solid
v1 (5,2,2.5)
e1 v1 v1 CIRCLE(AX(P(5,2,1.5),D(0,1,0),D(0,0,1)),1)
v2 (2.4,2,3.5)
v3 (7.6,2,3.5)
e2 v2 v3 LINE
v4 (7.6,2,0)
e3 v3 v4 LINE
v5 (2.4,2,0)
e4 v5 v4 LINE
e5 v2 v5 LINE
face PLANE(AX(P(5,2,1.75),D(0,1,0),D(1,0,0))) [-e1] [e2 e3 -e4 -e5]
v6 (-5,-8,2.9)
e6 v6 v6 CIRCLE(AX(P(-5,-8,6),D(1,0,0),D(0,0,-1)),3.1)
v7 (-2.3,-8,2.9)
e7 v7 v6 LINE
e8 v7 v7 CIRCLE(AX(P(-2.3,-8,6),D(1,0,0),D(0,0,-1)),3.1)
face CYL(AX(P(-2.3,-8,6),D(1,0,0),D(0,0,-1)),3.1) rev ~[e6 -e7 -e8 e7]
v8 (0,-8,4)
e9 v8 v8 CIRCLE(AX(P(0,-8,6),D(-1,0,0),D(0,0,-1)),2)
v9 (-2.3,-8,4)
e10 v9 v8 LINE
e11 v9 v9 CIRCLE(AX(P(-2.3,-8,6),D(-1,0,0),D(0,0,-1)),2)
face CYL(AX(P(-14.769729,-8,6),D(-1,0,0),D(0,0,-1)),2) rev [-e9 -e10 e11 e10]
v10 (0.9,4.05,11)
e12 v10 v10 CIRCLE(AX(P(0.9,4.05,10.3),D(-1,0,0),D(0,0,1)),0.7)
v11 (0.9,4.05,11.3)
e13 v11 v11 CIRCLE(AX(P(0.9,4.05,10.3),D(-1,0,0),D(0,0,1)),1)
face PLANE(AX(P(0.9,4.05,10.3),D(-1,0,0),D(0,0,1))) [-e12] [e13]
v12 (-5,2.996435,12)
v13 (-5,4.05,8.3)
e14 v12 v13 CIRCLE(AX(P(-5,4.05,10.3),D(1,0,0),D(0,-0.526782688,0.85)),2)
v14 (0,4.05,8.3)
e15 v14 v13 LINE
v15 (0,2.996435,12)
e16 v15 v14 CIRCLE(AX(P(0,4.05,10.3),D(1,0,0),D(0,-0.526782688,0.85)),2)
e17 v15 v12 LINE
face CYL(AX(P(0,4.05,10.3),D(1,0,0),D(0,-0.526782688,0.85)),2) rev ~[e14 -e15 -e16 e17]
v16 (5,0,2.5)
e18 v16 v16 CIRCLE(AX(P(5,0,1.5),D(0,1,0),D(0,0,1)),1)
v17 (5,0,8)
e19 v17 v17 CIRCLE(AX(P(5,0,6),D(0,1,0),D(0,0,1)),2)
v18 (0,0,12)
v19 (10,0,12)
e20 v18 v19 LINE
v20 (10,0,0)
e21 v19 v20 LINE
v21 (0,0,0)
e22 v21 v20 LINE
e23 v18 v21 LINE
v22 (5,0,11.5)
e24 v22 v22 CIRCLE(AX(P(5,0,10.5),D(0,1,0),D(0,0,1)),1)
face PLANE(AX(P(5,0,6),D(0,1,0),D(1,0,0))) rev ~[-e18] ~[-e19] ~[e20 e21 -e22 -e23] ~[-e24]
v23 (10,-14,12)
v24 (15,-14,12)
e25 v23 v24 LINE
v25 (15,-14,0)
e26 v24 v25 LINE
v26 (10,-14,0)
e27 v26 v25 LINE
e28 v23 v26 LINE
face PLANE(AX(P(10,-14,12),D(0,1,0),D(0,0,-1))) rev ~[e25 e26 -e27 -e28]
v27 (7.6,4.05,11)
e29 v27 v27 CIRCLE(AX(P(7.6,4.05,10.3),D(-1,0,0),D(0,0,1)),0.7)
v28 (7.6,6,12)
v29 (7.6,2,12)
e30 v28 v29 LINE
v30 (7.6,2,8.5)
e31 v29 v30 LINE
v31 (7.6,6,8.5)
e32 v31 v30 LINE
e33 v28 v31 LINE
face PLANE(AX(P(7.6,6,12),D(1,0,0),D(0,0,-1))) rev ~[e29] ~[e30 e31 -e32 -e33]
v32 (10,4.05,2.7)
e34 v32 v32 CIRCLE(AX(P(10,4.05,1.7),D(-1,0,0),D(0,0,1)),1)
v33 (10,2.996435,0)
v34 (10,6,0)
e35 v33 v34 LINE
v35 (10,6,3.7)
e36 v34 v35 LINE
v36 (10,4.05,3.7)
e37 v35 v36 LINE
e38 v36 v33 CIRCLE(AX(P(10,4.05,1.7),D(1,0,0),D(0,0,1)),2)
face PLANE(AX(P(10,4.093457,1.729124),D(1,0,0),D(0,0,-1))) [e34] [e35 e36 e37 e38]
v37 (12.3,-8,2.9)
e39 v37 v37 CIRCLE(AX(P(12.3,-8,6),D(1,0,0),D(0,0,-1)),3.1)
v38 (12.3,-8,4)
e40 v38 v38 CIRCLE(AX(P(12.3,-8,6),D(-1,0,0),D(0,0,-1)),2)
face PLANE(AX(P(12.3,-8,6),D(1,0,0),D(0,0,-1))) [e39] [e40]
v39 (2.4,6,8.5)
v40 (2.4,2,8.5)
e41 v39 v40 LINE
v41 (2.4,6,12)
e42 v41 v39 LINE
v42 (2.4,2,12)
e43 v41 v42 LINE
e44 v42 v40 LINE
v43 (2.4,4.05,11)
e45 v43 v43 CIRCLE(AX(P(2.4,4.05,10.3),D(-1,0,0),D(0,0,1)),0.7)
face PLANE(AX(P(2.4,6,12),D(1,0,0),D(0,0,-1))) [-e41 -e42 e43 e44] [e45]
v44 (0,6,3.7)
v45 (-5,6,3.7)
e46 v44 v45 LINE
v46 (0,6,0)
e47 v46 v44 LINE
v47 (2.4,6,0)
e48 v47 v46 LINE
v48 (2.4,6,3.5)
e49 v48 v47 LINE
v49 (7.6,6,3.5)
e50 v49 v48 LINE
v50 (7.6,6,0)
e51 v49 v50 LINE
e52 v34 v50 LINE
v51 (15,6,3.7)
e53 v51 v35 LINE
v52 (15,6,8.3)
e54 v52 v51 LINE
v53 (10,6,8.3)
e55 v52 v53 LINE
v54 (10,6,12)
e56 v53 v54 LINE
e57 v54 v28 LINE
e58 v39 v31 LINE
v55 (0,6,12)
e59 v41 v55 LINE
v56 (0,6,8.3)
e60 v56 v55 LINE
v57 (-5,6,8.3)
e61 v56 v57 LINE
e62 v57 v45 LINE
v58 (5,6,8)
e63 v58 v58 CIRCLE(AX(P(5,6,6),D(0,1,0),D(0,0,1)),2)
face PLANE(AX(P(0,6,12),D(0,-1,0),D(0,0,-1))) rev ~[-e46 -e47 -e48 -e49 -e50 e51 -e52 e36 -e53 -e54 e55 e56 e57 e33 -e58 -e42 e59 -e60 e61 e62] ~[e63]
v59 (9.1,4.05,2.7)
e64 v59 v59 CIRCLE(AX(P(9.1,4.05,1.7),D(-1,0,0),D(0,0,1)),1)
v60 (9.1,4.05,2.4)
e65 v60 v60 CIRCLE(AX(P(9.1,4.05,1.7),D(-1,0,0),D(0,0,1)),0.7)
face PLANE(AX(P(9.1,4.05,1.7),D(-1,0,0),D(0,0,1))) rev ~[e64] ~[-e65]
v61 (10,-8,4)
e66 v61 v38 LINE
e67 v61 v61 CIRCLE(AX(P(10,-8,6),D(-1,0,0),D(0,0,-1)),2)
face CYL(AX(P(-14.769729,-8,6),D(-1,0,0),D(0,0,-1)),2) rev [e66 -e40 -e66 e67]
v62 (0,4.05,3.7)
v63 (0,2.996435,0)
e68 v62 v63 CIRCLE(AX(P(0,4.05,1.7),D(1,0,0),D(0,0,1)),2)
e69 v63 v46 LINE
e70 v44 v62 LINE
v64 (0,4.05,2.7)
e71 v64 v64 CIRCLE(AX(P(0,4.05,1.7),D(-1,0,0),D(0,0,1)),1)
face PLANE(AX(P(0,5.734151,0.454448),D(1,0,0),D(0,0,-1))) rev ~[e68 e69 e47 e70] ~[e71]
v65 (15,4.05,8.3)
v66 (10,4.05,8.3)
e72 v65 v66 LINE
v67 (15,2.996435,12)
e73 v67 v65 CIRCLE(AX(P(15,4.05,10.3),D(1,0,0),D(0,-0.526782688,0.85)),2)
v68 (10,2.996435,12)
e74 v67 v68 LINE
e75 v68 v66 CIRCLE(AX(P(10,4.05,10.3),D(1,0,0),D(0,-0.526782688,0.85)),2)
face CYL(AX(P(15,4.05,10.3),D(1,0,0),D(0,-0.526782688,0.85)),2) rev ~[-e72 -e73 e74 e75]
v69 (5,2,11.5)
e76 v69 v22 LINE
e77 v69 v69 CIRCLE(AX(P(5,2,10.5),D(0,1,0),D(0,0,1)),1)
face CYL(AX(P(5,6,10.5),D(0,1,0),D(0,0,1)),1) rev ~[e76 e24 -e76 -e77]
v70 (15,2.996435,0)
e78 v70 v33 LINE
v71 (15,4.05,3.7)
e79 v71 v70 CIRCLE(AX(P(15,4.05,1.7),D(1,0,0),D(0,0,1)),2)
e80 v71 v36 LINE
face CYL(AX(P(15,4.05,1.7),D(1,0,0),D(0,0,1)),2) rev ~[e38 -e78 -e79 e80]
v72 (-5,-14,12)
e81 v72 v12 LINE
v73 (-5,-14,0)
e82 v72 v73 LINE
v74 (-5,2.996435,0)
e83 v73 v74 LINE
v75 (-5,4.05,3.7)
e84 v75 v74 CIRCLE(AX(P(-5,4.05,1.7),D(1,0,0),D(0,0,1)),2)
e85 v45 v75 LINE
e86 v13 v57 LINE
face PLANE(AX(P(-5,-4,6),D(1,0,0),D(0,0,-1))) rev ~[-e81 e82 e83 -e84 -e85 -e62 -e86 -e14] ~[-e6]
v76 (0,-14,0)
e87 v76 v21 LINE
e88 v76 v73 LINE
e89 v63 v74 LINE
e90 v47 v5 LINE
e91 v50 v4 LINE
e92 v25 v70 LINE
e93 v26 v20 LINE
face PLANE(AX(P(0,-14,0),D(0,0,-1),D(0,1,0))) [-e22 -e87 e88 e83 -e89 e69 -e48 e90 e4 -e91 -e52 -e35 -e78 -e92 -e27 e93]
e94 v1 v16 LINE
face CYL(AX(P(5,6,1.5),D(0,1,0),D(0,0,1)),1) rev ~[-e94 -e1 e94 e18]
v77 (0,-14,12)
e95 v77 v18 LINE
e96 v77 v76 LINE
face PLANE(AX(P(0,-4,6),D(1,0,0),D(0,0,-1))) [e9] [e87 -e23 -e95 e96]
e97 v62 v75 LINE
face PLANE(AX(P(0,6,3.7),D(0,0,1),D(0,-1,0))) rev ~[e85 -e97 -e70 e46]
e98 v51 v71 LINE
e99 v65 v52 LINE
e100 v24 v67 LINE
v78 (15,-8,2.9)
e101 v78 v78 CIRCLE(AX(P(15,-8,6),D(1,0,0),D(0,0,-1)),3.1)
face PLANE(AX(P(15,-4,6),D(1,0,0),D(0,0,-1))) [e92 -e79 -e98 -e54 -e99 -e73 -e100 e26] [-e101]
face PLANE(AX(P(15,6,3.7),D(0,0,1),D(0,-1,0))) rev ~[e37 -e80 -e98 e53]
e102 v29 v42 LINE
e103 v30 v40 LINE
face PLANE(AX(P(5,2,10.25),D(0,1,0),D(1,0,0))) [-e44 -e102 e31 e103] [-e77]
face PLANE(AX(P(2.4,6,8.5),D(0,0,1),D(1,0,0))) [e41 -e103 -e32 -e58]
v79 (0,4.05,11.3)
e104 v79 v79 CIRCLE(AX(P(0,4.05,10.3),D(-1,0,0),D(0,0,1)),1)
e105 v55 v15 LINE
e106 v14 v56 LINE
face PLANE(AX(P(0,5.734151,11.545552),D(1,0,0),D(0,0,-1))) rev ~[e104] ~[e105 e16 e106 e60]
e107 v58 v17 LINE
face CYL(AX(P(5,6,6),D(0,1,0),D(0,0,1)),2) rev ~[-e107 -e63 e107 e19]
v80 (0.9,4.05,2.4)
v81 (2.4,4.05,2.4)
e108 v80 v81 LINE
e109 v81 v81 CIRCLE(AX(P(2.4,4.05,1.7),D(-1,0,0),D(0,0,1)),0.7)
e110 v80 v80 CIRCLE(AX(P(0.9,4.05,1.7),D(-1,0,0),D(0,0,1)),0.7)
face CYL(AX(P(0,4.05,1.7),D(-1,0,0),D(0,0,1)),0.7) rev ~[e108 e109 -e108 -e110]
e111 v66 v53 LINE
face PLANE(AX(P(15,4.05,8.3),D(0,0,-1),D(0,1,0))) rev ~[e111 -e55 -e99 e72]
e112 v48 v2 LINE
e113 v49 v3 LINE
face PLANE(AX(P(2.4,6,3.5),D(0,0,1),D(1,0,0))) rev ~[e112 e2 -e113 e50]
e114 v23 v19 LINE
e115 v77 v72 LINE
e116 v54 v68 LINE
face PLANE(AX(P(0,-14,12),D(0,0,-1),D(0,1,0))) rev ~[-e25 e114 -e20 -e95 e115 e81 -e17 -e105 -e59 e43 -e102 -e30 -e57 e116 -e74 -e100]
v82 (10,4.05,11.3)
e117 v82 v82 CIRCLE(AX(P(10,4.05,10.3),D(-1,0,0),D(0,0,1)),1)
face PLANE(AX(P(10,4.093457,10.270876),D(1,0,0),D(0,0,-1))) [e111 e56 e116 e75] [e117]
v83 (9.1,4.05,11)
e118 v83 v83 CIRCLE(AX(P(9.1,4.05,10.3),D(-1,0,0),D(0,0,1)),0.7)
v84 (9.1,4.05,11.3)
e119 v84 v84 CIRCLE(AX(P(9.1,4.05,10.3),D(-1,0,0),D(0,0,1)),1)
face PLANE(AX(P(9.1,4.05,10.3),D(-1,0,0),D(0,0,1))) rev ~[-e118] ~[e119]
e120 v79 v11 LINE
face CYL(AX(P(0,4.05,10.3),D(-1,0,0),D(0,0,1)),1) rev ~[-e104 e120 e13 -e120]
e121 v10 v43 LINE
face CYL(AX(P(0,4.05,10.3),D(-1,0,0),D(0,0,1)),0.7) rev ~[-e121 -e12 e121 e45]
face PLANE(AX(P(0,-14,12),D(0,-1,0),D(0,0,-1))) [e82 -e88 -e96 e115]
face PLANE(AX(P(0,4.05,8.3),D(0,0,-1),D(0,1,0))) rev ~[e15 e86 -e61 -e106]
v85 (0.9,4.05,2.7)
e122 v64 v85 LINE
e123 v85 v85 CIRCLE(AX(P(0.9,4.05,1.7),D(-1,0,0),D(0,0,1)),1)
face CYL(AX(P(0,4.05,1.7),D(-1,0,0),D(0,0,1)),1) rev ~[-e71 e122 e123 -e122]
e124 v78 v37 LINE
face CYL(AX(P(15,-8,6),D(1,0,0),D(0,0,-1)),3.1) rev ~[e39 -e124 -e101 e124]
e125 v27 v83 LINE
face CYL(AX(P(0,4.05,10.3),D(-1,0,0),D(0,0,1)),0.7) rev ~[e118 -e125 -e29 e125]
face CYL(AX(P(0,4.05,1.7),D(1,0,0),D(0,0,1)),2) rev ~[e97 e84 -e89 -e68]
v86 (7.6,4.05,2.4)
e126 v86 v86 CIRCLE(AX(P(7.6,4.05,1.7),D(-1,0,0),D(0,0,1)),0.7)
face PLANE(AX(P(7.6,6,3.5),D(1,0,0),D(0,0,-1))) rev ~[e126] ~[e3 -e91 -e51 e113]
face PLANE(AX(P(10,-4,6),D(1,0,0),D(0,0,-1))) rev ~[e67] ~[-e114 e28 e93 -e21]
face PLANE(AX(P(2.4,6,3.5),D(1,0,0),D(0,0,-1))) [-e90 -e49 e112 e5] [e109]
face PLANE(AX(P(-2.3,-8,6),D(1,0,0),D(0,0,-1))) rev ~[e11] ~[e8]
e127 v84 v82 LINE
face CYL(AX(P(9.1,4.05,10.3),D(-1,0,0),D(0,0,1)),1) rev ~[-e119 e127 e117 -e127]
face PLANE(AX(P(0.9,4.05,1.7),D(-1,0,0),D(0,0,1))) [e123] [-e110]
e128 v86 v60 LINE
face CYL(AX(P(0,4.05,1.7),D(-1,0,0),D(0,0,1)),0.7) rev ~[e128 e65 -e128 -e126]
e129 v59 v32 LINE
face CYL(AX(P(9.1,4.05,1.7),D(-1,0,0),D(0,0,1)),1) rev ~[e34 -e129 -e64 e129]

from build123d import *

# Parameters (mm, degrees)
SKETCH_1_W                = 10
SKETCH_1_H                = 12
EXTRUDE_1_DEPTH           = 6
SKETCH_2_R                = 1
CUT_EXTRUDE_1_DEPTH       = 17.733200531
SKETCH_2_3_R              = 2
CUT_EXTRUDE_2_DEPTH       = 4
SKETCH_3_R                = 2
CUT_EXTRUDE_3_DEPTH       = 17.733200531
SKETCH_4_W                = 5.2
SKETCH_4_H                = 3.5
CUT_EXTRUDE_4_DEPTH       = 4
SKETCH_6_R                = 0.7
CUT_EXTRUDE_5_DEPTH       = 17.733200531
SKETCH_6_3_R              = 1
CUT_EXTRUDE_6_DEPTH       = 0.9
CUT_EXTRUDE_START         = -9.1
SKETCH_6_4_R              = 1
CUT_EXTRUDE_7_DEPTH       = 0.9
SKETCH_7_W                = 12
SKETCH_7_H                = 20
EXTRUDE_2_DEPTH           = 5
CUT_EXTRUDE_START_2       = 5
CUT_EXTRUDE_8_DEPTH       = 5
EXTRUDE_START             = -10
SKETCH_7_4_W              = 12
SKETCH_7_4_H              = 20
EXTRUDE_3_DEPTH           = 5
CUT_EXTRUDE_START_3       = -10
SKETCH_7_5_R              = 1
CUT_EXTRUDE_9_DEPTH       = 5
CUT_EXTRUDE_10_DEPTH      = 24.769728648
CUT_EXTRUDE_10_DEPTH_BACK = 24.769728648
SKETCH_7_6_R              = 2
SKETCH_7_7_R              = 3.1
CUT_EXTRUDE_11_DEPTH      = 2.7
CUT_EXTRUDE_START_4       = -12.3
SKETCH_7_8_R              = 3.1
CUT_EXTRUDE_12_DEPTH      = 2.7


with BuildPart() as part:
    # 草图1 → 凸台-拉伸1 (new body)
    with BuildSketch(Plane(origin=(0, 0, 0), x_dir=(1, 0, 0), z_dir=(0, 1, 0))):
        with Locations((5, -6)):
            Rectangle(SKETCH_1_W, SKETCH_1_H)
    extrude(amount=EXTRUDE_1_DEPTH)

    # 草图2 → 切除-拉伸1 (cut, through all)
    with BuildSketch(Plane(origin=(0, 6, 0), x_dir=(1, 0, 0), z_dir=(0, 1, 0))):
        with Locations(Location((5, -1.5, 0), (0, 0, 270))):
            Circle(SKETCH_2_R)
        with Locations(Location((5, -10.5, 0), (0, 0, 270))):
            Circle(SKETCH_2_R)
    extrude(amount=-CUT_EXTRUDE_1_DEPTH, mode=Mode.SUBTRACT)

    # 草图2<3> → 切除-拉伸2 (cut)
    with BuildSketch(Plane(origin=(0, 6, 0), x_dir=(1, 0, 0), z_dir=(0, 1, 0))):
        with Locations((5, -1.5)):
            Circle(SKETCH_2_3_R)
        with Locations((5, -10.5)):
            Circle(SKETCH_2_3_R)
    extrude(amount=-CUT_EXTRUDE_2_DEPTH, mode=Mode.SUBTRACT)

    # 草图3 → 切除-拉伸3 (cut, through all)
    with BuildSketch(Plane(origin=(0, 6, 0), x_dir=(1, 0, 0), z_dir=(0, 1, 0))):
        with Locations(Location((5, -6, 0), (0, 0, 270))):
            Circle(SKETCH_3_R)
    extrude(amount=-CUT_EXTRUDE_3_DEPTH, mode=Mode.SUBTRACT)

    # 草图4 → 切除-拉伸4 (cut)
    with BuildSketch(Plane(origin=(0, 6, 0), x_dir=(1, 0, 0), z_dir=(0, 1, 0))):
        with Locations((5, -1.75)):
            Rectangle(SKETCH_4_W, SKETCH_4_H)
        with Locations((5, -10.25)):
            Rectangle(SKETCH_4_W, SKETCH_4_H)
    extrude(amount=-CUT_EXTRUDE_4_DEPTH, mode=Mode.SUBTRACT)

    # 草图6 → 切除-拉伸5 (cut, through all)
    with BuildSketch(Plane.ZY):
        with Locations((1.7, 4.05)):
            Circle(SKETCH_6_R)
        with Locations((10.3, 4.05)):
            Circle(SKETCH_6_R)
    extrude(amount=-CUT_EXTRUDE_5_DEPTH, mode=Mode.SUBTRACT)

    # 草图6<3> → 切除-拉伸6 (cut)
    with BuildSketch(Plane.ZY):
        with Locations((1.7, 4.05)):
            Circle(SKETCH_6_3_R)
        with Locations((10.3, 4.05)):
            Circle(SKETCH_6_3_R)
    extrude(amount=-CUT_EXTRUDE_6_DEPTH, mode=Mode.SUBTRACT)

    # 草图6<4> → 切除-拉伸7 (cut)
    with BuildSketch(Plane.ZY.offset(CUT_EXTRUDE_START)):
        with Locations((1.7, 4.05)):
            Circle(SKETCH_6_4_R)
        with Locations((10.3, 4.05)):
            Circle(SKETCH_6_4_R)
    extrude(amount=-CUT_EXTRUDE_7_DEPTH, mode=Mode.SUBTRACT)

    # 草图7 → 凸台-拉伸2 (add)
    with BuildSketch(Plane(origin=(10, 0, 0), x_dir=(0, 0, -1), z_dir=(1, 0, 0))):
        with Locations((-6, -4)):
            Rectangle(SKETCH_7_W, SKETCH_7_H)
    extrude(amount=EXTRUDE_2_DEPTH)

    # 草图7<3> → 切除-拉伸8 (cut)
    with BuildSketch(Plane(origin=(10, 0, 0), x_dir=(0, 0, -1), z_dir=(1, 0, 0)).offset(CUT_EXTRUDE_START_2)):
        with BuildLine():
            ThreePointArc((-8.3, 4.05), (-8.736539185, 5.297233049), (-9.855590279, 6))
            Line((-9.855590279, 6), (-10.744409721, 6))
            ThreePointArc((-10.744409721, 6), (-11.462119625, 5.677721714), (-12, 5.103565375))
            Line((-12, 5.103565375), (-12, 2.996434625))
            ThreePointArc((-12, 2.996434625), (-9.752277442, 2.126461594), (-8.3, 4.05))
        make_face()
        with BuildLine():
            ThreePointArc((-12, 5.103565375), (-11.462119625, 5.677721714), (-10.744409721, 6))
            Line((-10.744409721, 6), (-12, 6))
            Line((-12, 6), (-12, 5.103565375))
        make_face()
        with BuildLine():
            Line((-1.255590279, 6), (-2.144409721, 6))
            ThreePointArc((-2.144409721, 6), (-3.263460815, 5.297233049), (-3.7, 4.05))
            ThreePointArc((-3.7, 4.05), (-2.247722558, 2.126461594), (0, 2.996434625))
            Line((0, 2.996434625), (0, 5.103565375))
            ThreePointArc((0, 5.103565375), (-0.537880375, 5.677721714), (-1.255590279, 6))
        make_face()
        with BuildLine():
            Line((0, 6), (-1.255590279, 6))
            ThreePointArc((-1.255590279, 6), (-0.537880375, 5.677721714), (0, 5.103565375))
            Line((0, 5.103565375), (0, 6))
        make_face()
        with BuildLine():
            Line((-8.3, 4.05), (-8.3, 6))
            Line((-8.3, 6), (-9.855590279, 6))
            ThreePointArc((-9.855590279, 6), (-8.736539185, 5.297233049), (-8.3, 4.05))
        make_face()
        with BuildLine():
            Line((-2.144409721, 6), (-3.7, 6))
            Line((-3.7, 6), (-3.7, 4.05))
            ThreePointArc((-3.7, 4.05), (-3.263460815, 5.297233049), (-2.144409721, 6))
        make_face()
    extrude(amount=-CUT_EXTRUDE_8_DEPTH, mode=Mode.SUBTRACT)

    # 草图7<4> → 凸台-拉伸3 (add)
    with BuildSketch(Plane(origin=(10, 0, 0), x_dir=(0, 0, -1), z_dir=(1, 0, 0)).offset(EXTRUDE_START)):
        with Locations((-6, -4)):
            Rectangle(SKETCH_7_4_W, SKETCH_7_4_H)
    extrude(amount=-EXTRUDE_3_DEPTH)

    # 草图7<5> → 切除-拉伸9 (cut)
    # profile 1 of 8: a face of its own
    with BuildSketch(Plane(origin=(10, 0, 0), x_dir=(0, 0, -1), z_dir=(1, 0, 0)).offset(CUT_EXTRUDE_START_3)):
        with BuildLine():
            ThreePointArc((-8.3, 4.05), (-8.736539185, 5.297233049), (-9.855590279, 6))
            Line((-9.855590279, 6), (-10.744409721, 6))
            ThreePointArc((-10.744409721, 6), (-11.462119625, 5.677721714), (-12, 5.103565375))
            Line((-12, 5.103565375), (-12, 2.996434625))
            ThreePointArc((-12, 2.996434625), (-9.752277442, 2.126461594), (-8.3, 4.05))
        make_face()
        with Locations(Location((-10.3, 4.05, 0), (0, 0, 180))):
            Circle(SKETCH_7_5_R, mode=Mode.SUBTRACT)
    # profile 2 of 8: a face of its own
    with BuildSketch(Plane(origin=(10, 0, 0), x_dir=(0, 0, -1), z_dir=(1, 0, 0)).offset(CUT_EXTRUDE_START_3)):
        with BuildLine():
            Line((-8.3, 4.05), (-8.3, 6))
            Line((-8.3, 6), (-9.855590279, 6))
            ThreePointArc((-9.855590279, 6), (-8.736539185, 5.297233049), (-8.3, 4.05))
        make_face()
    # profile 3 of 8: a face of its own
    with BuildSketch(Plane(origin=(10, 0, 0), x_dir=(0, 0, -1), z_dir=(1, 0, 0)).offset(CUT_EXTRUDE_START_3)):
        with BuildLine():
            ThreePointArc((-12, 5.103565375), (-11.462119625, 5.677721714), (-10.744409721, 6))
            Line((-10.744409721, 6), (-12, 6))
            Line((-12, 6), (-12, 5.103565375))
        make_face()
    # profile 4 of 8: a face of its own
    with BuildSketch(Plane(origin=(10, 0, 0), x_dir=(0, 0, -1), z_dir=(1, 0, 0)).offset(CUT_EXTRUDE_START_3)):
        with BuildLine():
            Line((-1.255590279, 6), (-2.144409721, 6))
            ThreePointArc((-2.144409721, 6), (-3.263460815, 5.297233049), (-3.7, 4.05))
            ThreePointArc((-3.7, 4.05), (-2.247722558, 2.126461594), (0, 2.996434625))
            Line((0, 2.996434625), (0, 5.103565375))
            ThreePointArc((0, 5.103565375), (-0.537880375, 5.677721714), (-1.255590279, 6))
        make_face()
        with Locations(Location((-1.7, 4.05, 0), (0, 0, 180))):
            Circle(SKETCH_7_5_R, mode=Mode.SUBTRACT)
    # profile 5 of 8: a face of its own
    with BuildSketch(Plane(origin=(10, 0, 0), x_dir=(0, 0, -1), z_dir=(1, 0, 0)).offset(CUT_EXTRUDE_START_3)):
        with BuildLine():
            Line((-2.144409721, 6), (-3.7, 6))
            Line((-3.7, 6), (-3.7, 4.05))
            ThreePointArc((-3.7, 4.05), (-3.263460815, 5.297233049), (-2.144409721, 6))
        make_face()
    # profile 6 of 8: a face of its own
    with BuildSketch(Plane(origin=(10, 0, 0), x_dir=(0, 0, -1), z_dir=(1, 0, 0)).offset(CUT_EXTRUDE_START_3)):
        with BuildLine():
            Line((0, 6), (-1.255590279, 6))
            ThreePointArc((-1.255590279, 6), (-0.537880375, 5.677721714), (0, 5.103565375))
            Line((0, 5.103565375), (0, 6))
        make_face()
    # profile 7 of 8: a face of its own
    with BuildSketch(Plane(origin=(10, 0, 0), x_dir=(0, 0, -1), z_dir=(1, 0, 0)).offset(CUT_EXTRUDE_START_3)):
        with Locations(Location((-10.3, 4.05, 0), (0, 0, 180))):
            Circle(SKETCH_7_5_R)
    # profile 8 of 8: a face of its own
    with BuildSketch(Plane(origin=(10, 0, 0), x_dir=(0, 0, -1), z_dir=(1, 0, 0)).offset(CUT_EXTRUDE_START_3)):
        with Locations(Location((-1.7, 4.05, 0), (0, 0, 180))):
            Circle(SKETCH_7_5_R)
    extrude(amount=-CUT_EXTRUDE_9_DEPTH, mode=Mode.SUBTRACT)

    # 草图7<6> → 切除-拉伸10 (cut, two sides: drawn at the far end of the back side and taken through both)
    with BuildSketch(Plane(origin=(10, 0, 0), x_dir=(0, 0, -1), z_dir=(1, 0, 0)).offset(-CUT_EXTRUDE_10_DEPTH_BACK)):
        with Locations((-6, -8)):
            Circle(SKETCH_7_6_R)
    extrude(amount=CUT_EXTRUDE_10_DEPTH + CUT_EXTRUDE_10_DEPTH_BACK, mode=Mode.SUBTRACT)

    # 草图7<7> → 切除-拉伸11 (cut)
    with BuildSketch(Plane(origin=(10, 0, 0), x_dir=(0, 0, -1), z_dir=(1, 0, 0)).offset(CUT_EXTRUDE_START_2)):
        with Locations((-6, -8)):
            Circle(SKETCH_7_7_R)
    extrude(amount=-CUT_EXTRUDE_11_DEPTH, mode=Mode.SUBTRACT)

    # 草图7<8> → 切除-拉伸12 (cut)
    with BuildSketch(Plane(origin=(10, 0, 0), x_dir=(0, 0, -1), z_dir=(1, 0, 0)).offset(CUT_EXTRUDE_START_4)):
        with Locations((-6, -8)):
            Circle(SKETCH_7_8_R)
    extrude(amount=-CUT_EXTRUDE_12_DEPTH, mode=Mode.SUBTRACT)


solid = part.part
